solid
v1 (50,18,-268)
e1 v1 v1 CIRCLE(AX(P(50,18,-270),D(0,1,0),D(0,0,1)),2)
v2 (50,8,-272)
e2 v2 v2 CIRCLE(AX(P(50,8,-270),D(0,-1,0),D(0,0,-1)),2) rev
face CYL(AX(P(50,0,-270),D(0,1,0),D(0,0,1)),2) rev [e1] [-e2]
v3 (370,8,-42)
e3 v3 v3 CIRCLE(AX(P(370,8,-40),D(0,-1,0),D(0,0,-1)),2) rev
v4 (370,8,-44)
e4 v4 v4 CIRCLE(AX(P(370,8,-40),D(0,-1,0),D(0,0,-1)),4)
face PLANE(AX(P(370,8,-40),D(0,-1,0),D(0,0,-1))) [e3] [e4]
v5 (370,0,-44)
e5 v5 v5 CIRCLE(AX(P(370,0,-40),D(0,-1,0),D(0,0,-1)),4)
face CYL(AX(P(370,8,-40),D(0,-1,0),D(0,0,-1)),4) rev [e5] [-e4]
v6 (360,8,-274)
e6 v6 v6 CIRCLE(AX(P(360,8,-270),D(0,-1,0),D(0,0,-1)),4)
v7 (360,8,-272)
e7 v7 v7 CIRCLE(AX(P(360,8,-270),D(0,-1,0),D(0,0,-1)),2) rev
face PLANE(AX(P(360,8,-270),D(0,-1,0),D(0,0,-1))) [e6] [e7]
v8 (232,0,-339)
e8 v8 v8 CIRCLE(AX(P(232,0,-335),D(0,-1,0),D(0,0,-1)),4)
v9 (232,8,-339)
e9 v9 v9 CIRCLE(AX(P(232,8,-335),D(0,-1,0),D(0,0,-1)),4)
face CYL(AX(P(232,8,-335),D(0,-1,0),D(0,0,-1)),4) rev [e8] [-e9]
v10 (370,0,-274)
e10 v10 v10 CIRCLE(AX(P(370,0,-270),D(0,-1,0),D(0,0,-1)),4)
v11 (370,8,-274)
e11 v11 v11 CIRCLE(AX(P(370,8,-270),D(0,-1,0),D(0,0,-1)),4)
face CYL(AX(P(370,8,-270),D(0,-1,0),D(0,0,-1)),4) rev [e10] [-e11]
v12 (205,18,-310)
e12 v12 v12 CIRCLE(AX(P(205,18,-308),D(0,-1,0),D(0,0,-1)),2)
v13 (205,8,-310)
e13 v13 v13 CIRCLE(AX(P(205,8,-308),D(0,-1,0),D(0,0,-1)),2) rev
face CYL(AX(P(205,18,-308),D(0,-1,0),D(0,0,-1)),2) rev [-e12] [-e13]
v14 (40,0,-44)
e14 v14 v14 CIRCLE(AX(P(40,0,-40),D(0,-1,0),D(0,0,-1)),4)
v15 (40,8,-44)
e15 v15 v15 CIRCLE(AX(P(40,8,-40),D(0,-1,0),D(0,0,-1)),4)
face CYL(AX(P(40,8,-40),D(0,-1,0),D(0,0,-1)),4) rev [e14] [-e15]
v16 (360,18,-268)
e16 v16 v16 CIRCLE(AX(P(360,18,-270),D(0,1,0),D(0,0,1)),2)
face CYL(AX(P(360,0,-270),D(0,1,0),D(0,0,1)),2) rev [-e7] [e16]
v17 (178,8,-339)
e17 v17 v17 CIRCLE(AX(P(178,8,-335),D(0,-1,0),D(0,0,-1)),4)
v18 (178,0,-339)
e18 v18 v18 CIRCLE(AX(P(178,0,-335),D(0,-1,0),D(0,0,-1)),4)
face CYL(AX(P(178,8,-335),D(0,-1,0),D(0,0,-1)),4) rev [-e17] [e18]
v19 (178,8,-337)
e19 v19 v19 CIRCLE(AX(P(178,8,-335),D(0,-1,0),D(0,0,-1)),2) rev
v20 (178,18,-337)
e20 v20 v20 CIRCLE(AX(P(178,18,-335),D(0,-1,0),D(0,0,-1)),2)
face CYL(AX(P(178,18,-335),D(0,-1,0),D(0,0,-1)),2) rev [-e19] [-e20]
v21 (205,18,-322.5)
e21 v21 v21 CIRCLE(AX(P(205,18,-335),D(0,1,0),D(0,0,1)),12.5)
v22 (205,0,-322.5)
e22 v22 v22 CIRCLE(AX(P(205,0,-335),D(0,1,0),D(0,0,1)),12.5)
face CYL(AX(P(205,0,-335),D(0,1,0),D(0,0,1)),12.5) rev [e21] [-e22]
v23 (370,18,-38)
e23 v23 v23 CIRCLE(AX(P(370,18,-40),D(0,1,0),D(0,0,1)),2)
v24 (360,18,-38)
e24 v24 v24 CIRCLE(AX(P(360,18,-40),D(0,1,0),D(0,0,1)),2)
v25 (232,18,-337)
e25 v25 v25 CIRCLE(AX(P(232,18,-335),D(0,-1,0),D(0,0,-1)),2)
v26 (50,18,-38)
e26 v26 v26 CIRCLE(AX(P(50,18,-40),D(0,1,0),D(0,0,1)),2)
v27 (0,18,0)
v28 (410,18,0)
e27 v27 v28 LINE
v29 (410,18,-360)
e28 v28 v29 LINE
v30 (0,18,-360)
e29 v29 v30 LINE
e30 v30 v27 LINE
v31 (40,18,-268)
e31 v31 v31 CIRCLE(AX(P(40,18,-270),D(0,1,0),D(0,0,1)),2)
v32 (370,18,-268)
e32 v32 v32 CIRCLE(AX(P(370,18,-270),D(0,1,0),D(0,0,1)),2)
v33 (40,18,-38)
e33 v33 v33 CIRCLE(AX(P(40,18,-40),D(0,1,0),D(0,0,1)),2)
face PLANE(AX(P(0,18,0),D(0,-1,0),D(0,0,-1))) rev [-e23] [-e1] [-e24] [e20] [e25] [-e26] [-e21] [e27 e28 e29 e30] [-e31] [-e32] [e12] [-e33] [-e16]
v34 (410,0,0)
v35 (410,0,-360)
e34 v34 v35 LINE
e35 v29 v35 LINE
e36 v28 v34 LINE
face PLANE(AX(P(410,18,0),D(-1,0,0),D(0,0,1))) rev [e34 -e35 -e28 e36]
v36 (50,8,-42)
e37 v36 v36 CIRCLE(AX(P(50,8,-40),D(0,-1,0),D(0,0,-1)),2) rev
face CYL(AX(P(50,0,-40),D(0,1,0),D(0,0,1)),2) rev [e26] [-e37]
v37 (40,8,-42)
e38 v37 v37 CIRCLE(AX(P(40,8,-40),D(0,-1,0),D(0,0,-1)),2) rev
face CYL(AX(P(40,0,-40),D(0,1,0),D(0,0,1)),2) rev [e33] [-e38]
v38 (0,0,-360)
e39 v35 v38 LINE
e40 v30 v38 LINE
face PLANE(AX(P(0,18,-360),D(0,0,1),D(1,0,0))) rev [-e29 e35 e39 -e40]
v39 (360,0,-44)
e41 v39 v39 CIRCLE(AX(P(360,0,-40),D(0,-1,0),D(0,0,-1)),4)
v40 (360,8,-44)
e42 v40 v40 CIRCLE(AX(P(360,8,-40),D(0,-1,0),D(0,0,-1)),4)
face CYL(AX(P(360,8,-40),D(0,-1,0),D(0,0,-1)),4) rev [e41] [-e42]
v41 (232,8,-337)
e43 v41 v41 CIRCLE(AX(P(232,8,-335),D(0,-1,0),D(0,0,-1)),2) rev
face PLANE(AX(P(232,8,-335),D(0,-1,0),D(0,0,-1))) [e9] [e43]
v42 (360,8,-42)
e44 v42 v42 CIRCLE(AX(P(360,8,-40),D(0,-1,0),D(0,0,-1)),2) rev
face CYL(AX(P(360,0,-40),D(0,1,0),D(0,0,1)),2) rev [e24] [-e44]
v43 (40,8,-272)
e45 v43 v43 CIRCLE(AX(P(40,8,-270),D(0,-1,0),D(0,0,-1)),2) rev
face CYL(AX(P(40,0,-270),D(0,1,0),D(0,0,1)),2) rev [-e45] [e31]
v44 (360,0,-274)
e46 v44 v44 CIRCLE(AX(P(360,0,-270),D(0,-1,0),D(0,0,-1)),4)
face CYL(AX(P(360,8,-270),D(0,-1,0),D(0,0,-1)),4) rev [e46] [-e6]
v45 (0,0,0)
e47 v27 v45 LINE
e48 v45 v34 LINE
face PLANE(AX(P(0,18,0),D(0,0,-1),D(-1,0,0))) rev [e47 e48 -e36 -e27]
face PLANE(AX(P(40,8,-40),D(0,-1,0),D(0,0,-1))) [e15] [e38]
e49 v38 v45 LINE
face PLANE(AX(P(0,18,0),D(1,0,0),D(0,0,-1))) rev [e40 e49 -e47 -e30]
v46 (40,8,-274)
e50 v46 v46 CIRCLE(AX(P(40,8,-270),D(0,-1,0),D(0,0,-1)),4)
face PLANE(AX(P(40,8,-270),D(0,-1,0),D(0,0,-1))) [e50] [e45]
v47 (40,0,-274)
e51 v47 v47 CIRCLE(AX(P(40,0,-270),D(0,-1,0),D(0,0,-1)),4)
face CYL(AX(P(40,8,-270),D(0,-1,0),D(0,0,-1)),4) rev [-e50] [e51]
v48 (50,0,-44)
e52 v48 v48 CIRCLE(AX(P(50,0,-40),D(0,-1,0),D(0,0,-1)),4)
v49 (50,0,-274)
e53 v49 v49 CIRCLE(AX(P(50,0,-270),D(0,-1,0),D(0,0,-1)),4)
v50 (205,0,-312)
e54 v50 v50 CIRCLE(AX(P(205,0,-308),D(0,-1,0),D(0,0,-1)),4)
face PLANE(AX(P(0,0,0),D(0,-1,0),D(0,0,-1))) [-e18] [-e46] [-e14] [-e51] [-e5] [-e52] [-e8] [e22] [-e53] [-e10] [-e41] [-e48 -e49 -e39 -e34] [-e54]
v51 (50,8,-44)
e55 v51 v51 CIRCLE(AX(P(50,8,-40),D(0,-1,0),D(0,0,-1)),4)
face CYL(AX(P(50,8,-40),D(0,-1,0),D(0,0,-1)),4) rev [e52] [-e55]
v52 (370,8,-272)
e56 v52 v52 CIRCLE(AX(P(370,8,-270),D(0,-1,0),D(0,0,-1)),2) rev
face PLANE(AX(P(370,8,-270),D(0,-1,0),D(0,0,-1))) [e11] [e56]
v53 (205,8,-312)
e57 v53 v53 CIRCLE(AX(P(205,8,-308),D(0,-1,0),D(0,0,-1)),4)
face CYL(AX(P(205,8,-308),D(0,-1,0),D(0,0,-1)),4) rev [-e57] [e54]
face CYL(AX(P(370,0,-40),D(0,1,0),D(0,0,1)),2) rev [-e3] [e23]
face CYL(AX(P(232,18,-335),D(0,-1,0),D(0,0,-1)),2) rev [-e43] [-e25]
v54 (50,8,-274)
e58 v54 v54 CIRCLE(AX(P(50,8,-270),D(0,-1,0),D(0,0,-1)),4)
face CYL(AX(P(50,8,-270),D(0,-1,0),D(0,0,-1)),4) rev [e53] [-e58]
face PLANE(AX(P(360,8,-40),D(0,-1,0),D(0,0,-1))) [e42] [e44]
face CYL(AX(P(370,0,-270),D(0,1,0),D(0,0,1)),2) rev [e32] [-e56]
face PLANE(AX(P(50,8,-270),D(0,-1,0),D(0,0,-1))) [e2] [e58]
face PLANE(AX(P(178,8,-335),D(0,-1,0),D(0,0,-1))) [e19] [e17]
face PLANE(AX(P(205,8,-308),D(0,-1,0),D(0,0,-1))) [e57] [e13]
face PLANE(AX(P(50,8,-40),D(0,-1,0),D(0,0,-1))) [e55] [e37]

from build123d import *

# Parameters (mm, degrees)
SKETCH1_W                          = 410
SKETCH1_H                          = 360
BOSS_EXTRUDE1_DEPTH                = 18
SKETCH2_R                          = 12.5
CAMERA_STAND_TO_BASE_PROFILE_DEPTH = 546.915744415
SKETCH3_R                          = 2
CUT_EXTRUDE2_DEPTH                 = 546.915744415
SKETCH6_R                          = 2
CAMERA_STAND_TO_BASE_SCREW_DEPTH   = 546.915744415
SKETCH7_R                          = 4
CUT_EXTRUDE3_DEPTH                 = 8


with BuildPart() as part:
    # Sketch1 → Boss-Extrude1 (new body)
    with BuildSketch(Plane(origin=(0, 0, 0), x_dir=(1, 0, 0), z_dir=(0, 1, 0))):
        with Locations((205, 180)):
            Rectangle(SKETCH1_W, SKETCH1_H)
    extrude(amount=BOSS_EXTRUDE1_DEPTH)

    # Sketch2 → Camera Stand to Base (Profile) (cut, through all)
    with BuildSketch(Plane(origin=(0, 18, 0), x_dir=(1, 0, 0), z_dir=(0, 1, 0))):
        with Locations(Location((205, 335, 0), (0, 0, 270))):
            Circle(SKETCH2_R)
    extrude(amount=-CAMERA_STAND_TO_BASE_PROFILE_DEPTH, mode=Mode.SUBTRACT)

    # Sketch3 → Cut-Extrude2 (cut, through all)
    with BuildSketch(Plane(origin=(0, 18, 0), x_dir=(1, 0, 0), z_dir=(0, 1, 0))):
        with Locations(Location((40, 40, 0), (0, 0, 270))):
            Circle(SKETCH3_R)
        with Locations(Location((50, 40, 0), (0, 0, 270))):
            Circle(SKETCH3_R)
        with Locations(Location((360, 40, 0), (0, 0, 270))):
            Circle(SKETCH3_R)
        with Locations(Location((370, 40, 0), (0, 0, 270))):
            Circle(SKETCH3_R)
        with Locations(Location((370, 270, 0), (0, 0, 270))):
            Circle(SKETCH3_R)
        with Locations(Location((360, 270, 0), (0, 0, 270))):
            Circle(SKETCH3_R)
        with Locations(Location((40, 270, 0), (0, 0, 270))):
            Circle(SKETCH3_R)
        with Locations(Location((50, 270, 0), (0, 0, 270))):
            Circle(SKETCH3_R)
    extrude(amount=-CUT_EXTRUDE2_DEPTH, mode=Mode.SUBTRACT)

    # Sketch6 → Camera Stand to Base (Screw) (cut, through all)
    with BuildSketch(Plane.XZ):
        with Locations(Location((205, -308, 0), (0, 0, 270))):
            Circle(SKETCH6_R)
        with Locations(Location((178, -335, 0), (0, 0, 270))):
            Circle(SKETCH6_R)
        with Locations(Location((232, -335, 0), (0, 0, 270))):
            Circle(SKETCH6_R)
    extrude(amount=-CAMERA_STAND_TO_BASE_SCREW_DEPTH, mode=Mode.SUBTRACT)

    # Sketch7 → Cut-Extrude3 (cut)
    with BuildSketch(Plane.XZ):
        with Locations(Location((40, -40, 0), (0, 0, 270))):
            Circle(SKETCH7_R)
        with Locations(Location((50, -40, 0), (0, 0, 270))):
            Circle(SKETCH7_R)
        with Locations(Location((360, -40, 0), (0, 0, 270))):
            Circle(SKETCH7_R)
        with Locations(Location((370, -40, 0), (0, 0, 270))):
            Circle(SKETCH7_R)
        with Locations(Location((370, -270, 0), (0, 0, 270))):
            Circle(SKETCH7_R)
        with Locations(Location((360, -270, 0), (0, 0, 270))):
            Circle(SKETCH7_R)
        with Locations(Location((50, -270, 0), (0, 0, 270))):
            Circle(SKETCH7_R)
        with Locations(Location((40, -270, 0), (0, 0, 270))):
            Circle(SKETCH7_R)
        with Locations(Location((178, -335, 0), (0, 0, 270))):
            Circle(SKETCH7_R)
        with Locations(Location((205, -308, 0), (0, 0, 270))):
            Circle(SKETCH7_R)
        with Locations(Location((232, -335, 0), (0, 0, 270))):
            Circle(SKETCH7_R)
    extrude(amount=-CUT_EXTRUDE3_DEPTH, mode=Mode.SUBTRACT)


solid = part.part
